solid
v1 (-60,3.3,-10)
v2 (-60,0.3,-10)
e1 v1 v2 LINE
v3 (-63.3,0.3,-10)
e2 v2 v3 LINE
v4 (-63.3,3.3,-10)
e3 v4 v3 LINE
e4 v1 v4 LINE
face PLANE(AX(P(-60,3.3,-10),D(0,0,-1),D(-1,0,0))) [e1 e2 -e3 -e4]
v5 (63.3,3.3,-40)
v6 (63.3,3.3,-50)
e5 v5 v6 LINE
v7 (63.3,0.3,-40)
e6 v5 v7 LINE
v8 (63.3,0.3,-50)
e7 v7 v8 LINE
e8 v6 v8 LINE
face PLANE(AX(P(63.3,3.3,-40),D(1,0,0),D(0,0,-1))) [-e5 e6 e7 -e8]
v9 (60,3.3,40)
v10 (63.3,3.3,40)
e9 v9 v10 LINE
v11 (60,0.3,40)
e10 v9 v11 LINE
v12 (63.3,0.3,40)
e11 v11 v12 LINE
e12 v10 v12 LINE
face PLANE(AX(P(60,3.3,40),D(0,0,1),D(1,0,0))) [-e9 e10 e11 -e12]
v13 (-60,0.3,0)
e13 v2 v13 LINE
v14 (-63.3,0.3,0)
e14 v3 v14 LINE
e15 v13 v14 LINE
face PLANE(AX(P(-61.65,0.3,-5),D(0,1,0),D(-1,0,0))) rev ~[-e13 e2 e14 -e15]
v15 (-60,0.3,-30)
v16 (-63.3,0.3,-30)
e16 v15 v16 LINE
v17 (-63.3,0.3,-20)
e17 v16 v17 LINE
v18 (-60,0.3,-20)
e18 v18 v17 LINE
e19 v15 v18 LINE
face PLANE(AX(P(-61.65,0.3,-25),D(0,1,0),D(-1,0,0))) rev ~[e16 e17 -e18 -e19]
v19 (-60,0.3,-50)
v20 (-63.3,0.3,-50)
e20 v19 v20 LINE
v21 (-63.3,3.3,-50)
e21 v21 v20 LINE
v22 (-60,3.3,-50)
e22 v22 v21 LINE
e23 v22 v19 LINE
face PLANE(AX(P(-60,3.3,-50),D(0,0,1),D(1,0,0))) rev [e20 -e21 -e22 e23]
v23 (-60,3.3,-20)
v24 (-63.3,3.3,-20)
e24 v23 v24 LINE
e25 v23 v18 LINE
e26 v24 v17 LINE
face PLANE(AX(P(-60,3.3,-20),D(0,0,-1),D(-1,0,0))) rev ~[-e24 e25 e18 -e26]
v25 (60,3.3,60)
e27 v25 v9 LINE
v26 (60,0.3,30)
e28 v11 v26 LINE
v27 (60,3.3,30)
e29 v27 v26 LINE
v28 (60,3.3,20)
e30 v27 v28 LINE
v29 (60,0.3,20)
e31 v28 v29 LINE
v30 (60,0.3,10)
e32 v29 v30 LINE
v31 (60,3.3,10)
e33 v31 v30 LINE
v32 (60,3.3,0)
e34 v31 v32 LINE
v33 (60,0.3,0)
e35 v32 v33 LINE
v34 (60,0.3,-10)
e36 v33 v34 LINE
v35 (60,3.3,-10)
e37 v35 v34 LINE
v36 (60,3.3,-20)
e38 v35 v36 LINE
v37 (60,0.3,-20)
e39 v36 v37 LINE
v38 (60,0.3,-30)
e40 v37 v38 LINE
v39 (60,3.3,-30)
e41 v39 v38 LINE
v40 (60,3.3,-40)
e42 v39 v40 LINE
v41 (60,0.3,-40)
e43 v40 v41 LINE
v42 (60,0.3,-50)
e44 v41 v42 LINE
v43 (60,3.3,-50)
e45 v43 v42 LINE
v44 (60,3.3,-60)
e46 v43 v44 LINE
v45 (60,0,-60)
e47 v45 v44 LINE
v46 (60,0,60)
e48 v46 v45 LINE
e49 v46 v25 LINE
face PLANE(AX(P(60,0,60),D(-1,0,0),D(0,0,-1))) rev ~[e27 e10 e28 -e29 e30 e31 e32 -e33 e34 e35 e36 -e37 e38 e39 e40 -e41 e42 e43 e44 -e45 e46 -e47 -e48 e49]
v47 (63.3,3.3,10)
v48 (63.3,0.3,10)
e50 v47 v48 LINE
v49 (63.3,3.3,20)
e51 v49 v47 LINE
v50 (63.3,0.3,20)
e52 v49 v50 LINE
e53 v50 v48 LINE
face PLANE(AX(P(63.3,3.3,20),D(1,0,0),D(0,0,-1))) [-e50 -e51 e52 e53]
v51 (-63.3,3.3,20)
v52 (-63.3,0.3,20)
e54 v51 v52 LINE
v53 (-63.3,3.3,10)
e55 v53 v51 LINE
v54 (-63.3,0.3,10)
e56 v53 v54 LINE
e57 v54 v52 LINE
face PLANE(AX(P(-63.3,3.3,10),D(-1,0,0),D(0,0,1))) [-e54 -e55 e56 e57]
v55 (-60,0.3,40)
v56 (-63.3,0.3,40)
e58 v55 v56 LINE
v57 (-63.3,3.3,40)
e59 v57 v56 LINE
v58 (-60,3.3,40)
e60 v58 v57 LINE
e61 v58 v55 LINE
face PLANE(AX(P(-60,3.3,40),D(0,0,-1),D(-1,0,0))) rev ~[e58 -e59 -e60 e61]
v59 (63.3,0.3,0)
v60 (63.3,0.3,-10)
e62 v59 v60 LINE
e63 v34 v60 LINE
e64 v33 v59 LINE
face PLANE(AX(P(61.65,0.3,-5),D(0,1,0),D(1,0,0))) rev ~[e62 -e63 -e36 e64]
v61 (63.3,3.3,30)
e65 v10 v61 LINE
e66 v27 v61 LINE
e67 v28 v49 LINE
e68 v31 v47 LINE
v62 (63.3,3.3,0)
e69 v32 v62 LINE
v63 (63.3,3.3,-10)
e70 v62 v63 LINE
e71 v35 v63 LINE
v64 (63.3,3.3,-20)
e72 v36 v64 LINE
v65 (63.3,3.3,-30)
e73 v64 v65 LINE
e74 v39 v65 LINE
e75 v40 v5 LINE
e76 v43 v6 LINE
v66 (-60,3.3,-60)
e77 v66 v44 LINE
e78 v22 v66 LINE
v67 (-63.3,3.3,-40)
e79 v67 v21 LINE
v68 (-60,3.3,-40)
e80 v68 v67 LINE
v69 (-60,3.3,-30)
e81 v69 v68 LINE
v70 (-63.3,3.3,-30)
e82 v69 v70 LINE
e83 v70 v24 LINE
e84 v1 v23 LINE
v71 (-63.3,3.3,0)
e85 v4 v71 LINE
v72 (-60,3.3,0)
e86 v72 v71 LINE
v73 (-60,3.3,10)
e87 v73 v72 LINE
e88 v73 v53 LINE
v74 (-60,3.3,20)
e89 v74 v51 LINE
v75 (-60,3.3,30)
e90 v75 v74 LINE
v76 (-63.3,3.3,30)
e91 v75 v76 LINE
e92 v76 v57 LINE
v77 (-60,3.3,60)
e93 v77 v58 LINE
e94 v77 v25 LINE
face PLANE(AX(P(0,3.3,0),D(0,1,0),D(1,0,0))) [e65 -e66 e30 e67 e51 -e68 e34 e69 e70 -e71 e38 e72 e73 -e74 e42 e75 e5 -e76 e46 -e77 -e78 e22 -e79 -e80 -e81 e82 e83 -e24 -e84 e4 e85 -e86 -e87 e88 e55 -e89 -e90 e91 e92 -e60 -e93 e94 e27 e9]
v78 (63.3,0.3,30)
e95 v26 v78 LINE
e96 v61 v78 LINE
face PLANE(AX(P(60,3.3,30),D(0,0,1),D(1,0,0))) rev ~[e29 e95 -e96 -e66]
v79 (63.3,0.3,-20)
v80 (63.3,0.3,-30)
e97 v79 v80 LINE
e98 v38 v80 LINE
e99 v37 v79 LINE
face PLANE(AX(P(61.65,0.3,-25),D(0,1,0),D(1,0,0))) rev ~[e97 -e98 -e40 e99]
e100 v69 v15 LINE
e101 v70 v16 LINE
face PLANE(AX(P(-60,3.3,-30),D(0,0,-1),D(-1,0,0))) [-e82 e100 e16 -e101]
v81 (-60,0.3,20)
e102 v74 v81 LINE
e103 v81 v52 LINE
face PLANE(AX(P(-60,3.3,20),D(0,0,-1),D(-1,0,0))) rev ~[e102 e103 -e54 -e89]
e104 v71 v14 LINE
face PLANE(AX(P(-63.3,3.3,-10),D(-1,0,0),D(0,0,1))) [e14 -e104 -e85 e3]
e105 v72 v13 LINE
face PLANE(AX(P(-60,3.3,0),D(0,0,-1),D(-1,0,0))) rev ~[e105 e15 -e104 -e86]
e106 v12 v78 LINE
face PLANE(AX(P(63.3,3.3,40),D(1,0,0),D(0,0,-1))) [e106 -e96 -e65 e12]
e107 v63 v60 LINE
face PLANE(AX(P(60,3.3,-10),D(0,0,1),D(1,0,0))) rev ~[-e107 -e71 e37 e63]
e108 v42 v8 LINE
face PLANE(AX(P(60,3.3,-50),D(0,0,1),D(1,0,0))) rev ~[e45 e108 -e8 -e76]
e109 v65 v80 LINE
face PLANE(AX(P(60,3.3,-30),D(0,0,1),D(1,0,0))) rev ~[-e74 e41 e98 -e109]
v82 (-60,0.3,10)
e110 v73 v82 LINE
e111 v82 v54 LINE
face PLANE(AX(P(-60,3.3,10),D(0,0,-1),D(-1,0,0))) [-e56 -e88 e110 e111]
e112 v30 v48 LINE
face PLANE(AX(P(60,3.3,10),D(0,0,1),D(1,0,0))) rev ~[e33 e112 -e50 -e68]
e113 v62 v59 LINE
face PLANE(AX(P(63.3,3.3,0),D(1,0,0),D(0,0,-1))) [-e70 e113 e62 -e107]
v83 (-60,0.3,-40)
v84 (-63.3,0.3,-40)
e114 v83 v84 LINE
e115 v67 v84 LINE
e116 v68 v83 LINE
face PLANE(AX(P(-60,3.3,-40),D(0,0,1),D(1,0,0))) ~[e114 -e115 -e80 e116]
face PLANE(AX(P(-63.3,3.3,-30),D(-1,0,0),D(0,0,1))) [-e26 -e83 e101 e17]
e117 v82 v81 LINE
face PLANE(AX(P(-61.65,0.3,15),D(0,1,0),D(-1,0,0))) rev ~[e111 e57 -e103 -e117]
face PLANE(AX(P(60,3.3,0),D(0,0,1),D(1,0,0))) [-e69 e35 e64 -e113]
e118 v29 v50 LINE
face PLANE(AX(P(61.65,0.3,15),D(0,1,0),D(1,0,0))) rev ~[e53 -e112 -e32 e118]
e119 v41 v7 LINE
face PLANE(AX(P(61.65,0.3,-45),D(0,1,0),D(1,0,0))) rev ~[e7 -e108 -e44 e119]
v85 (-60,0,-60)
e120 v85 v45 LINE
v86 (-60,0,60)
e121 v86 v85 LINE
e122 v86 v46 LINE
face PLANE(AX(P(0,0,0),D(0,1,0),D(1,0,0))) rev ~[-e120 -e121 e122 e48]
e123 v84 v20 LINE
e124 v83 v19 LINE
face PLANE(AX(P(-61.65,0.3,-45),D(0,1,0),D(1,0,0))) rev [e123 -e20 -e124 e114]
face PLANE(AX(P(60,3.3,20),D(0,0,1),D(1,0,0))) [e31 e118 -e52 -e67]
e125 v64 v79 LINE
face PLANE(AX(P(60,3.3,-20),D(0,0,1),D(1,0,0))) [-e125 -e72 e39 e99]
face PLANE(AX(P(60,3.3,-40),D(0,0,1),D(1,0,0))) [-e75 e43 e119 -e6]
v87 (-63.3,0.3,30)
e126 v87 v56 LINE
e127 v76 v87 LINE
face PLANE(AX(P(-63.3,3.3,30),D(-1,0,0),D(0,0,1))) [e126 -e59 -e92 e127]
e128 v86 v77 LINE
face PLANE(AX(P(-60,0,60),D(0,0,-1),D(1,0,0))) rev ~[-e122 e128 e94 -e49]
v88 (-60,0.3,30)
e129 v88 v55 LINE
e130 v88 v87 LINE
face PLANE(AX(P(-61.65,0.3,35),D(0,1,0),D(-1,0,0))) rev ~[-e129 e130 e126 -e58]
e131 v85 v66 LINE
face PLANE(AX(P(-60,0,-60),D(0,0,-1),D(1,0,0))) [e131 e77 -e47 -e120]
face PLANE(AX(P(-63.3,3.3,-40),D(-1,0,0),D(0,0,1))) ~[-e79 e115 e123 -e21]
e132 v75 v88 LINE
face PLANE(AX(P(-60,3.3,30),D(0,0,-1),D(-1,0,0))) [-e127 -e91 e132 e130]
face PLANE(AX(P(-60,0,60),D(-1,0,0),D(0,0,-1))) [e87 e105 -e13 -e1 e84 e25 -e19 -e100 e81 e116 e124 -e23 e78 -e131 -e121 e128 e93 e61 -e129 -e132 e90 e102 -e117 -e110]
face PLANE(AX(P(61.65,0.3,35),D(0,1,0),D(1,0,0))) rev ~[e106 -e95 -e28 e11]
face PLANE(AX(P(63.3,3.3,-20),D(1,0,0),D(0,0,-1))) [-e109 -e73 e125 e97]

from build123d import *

# Parameters (mm, degrees)
SKETCH1_W               = 120
SKETCH1_H               = 120
BOSS_EXTRUDE1_DEPTH     = 3.3
SKETCH2_W               = 3.3
SKETCH2_H               = 10
BOSS_EXTRUDE2_DEPTH     = 3
LPATTERN1_COUNT         = 5
LPATTERN1_PITCH         = 20
MIRROR1_COPY_1_SKETCH_W = 3.3
MIRROR1_COPY_1_SKETCH_H = 10
MIRROR1_COPY_1_DEPTH    = 3
MIRROR1_COPY_2_SKETCH_W = 3.3
MIRROR1_COPY_2_SKETCH_H = 10
MIRROR1_COPY_2_DEPTH    = 3
MIRROR1_COPY_3_SKETCH_W = 3.3
MIRROR1_COPY_3_SKETCH_H = 10
MIRROR1_COPY_3_DEPTH    = 3
MIRROR1_COPY_4_SKETCH_W = 3.3
MIRROR1_COPY_4_SKETCH_H = 10
MIRROR1_COPY_4_DEPTH    = 3


with BuildPart() as part:
    # Sketch1 → Boss-Extrude1 (new body)
    with BuildSketch(Plane(origin=(0, 0, 0), x_dir=(1, 0, 0), z_dir=(0, 1, 0))):
        Rectangle(SKETCH1_W, SKETCH1_H)
    extrude(amount=BOSS_EXTRUDE1_DEPTH)

    # Sketch2 → Boss-Extrude2 (add)
    with BuildSketch(Plane(origin=(0, 3.3, 0), x_dir=(1, 0, 0), z_dir=(0, 1, 0))):
        with Locations((61.65, 45)):
            Rectangle(SKETCH2_W, SKETCH2_H)
    boss_extrude2 = extrude(amount=-BOSS_EXTRUDE2_DEPTH)

    # LPattern1: Boss-Extrude2 ×5
    with Locations(*[(0, 0, i * LPATTERN1_PITCH) for i in range(1, LPATTERN1_COUNT)]):
        add(boss_extrude2)

    # Mirror1: Boss-Extrude2 across plane
    add(boss_extrude2.mirror(Plane(origin=(0, 0, 0), x_dir=(0, 0, 1), z_dir=(1, 0, 0))))

    # Mirror1 copy 1 sketch → Mirror1 copy 1 (add)
    with BuildSketch(Plane(origin=(0, 3.3, 20), x_dir=(-1, 0, 0), z_dir=(0, 1, 0))):
        with Locations((61.65, -45)):
            Rectangle(MIRROR1_COPY_1_SKETCH_W, MIRROR1_COPY_1_SKETCH_H)
    extrude(amount=-MIRROR1_COPY_1_DEPTH)

    # Mirror1 copy 2 sketch → Mirror1 copy 2 (add)
    with BuildSketch(Plane(origin=(0, 3.3, 40), x_dir=(-1, 0, 0), z_dir=(0, 1, 0))):
        with Locations((61.65, -45)):
            Rectangle(MIRROR1_COPY_2_SKETCH_W, MIRROR1_COPY_2_SKETCH_H)
    extrude(amount=-MIRROR1_COPY_2_DEPTH)

    # Mirror1 copy 3 sketch → Mirror1 copy 3 (add)
    with BuildSketch(Plane(origin=(0, 3.3, 60), x_dir=(-1, 0, 0), z_dir=(0, 1, 0))):
        with Locations((61.65, -45)):
            Rectangle(MIRROR1_COPY_3_SKETCH_W, MIRROR1_COPY_3_SKETCH_H)
    extrude(amount=-MIRROR1_COPY_3_DEPTH)

    # Mirror1 copy 4 sketch → Mirror1 copy 4 (add)
    with BuildSketch(Plane(origin=(0, 3.3, 80), x_dir=(-1, 0, 0), z_dir=(0, 1, 0))):
        with Locations((61.65, -45)):
            Rectangle(MIRROR1_COPY_4_SKETCH_W, MIRROR1_COPY_4_SKETCH_H)
    extrude(amount=-MIRROR1_COPY_4_DEPTH)


solid = part.part
